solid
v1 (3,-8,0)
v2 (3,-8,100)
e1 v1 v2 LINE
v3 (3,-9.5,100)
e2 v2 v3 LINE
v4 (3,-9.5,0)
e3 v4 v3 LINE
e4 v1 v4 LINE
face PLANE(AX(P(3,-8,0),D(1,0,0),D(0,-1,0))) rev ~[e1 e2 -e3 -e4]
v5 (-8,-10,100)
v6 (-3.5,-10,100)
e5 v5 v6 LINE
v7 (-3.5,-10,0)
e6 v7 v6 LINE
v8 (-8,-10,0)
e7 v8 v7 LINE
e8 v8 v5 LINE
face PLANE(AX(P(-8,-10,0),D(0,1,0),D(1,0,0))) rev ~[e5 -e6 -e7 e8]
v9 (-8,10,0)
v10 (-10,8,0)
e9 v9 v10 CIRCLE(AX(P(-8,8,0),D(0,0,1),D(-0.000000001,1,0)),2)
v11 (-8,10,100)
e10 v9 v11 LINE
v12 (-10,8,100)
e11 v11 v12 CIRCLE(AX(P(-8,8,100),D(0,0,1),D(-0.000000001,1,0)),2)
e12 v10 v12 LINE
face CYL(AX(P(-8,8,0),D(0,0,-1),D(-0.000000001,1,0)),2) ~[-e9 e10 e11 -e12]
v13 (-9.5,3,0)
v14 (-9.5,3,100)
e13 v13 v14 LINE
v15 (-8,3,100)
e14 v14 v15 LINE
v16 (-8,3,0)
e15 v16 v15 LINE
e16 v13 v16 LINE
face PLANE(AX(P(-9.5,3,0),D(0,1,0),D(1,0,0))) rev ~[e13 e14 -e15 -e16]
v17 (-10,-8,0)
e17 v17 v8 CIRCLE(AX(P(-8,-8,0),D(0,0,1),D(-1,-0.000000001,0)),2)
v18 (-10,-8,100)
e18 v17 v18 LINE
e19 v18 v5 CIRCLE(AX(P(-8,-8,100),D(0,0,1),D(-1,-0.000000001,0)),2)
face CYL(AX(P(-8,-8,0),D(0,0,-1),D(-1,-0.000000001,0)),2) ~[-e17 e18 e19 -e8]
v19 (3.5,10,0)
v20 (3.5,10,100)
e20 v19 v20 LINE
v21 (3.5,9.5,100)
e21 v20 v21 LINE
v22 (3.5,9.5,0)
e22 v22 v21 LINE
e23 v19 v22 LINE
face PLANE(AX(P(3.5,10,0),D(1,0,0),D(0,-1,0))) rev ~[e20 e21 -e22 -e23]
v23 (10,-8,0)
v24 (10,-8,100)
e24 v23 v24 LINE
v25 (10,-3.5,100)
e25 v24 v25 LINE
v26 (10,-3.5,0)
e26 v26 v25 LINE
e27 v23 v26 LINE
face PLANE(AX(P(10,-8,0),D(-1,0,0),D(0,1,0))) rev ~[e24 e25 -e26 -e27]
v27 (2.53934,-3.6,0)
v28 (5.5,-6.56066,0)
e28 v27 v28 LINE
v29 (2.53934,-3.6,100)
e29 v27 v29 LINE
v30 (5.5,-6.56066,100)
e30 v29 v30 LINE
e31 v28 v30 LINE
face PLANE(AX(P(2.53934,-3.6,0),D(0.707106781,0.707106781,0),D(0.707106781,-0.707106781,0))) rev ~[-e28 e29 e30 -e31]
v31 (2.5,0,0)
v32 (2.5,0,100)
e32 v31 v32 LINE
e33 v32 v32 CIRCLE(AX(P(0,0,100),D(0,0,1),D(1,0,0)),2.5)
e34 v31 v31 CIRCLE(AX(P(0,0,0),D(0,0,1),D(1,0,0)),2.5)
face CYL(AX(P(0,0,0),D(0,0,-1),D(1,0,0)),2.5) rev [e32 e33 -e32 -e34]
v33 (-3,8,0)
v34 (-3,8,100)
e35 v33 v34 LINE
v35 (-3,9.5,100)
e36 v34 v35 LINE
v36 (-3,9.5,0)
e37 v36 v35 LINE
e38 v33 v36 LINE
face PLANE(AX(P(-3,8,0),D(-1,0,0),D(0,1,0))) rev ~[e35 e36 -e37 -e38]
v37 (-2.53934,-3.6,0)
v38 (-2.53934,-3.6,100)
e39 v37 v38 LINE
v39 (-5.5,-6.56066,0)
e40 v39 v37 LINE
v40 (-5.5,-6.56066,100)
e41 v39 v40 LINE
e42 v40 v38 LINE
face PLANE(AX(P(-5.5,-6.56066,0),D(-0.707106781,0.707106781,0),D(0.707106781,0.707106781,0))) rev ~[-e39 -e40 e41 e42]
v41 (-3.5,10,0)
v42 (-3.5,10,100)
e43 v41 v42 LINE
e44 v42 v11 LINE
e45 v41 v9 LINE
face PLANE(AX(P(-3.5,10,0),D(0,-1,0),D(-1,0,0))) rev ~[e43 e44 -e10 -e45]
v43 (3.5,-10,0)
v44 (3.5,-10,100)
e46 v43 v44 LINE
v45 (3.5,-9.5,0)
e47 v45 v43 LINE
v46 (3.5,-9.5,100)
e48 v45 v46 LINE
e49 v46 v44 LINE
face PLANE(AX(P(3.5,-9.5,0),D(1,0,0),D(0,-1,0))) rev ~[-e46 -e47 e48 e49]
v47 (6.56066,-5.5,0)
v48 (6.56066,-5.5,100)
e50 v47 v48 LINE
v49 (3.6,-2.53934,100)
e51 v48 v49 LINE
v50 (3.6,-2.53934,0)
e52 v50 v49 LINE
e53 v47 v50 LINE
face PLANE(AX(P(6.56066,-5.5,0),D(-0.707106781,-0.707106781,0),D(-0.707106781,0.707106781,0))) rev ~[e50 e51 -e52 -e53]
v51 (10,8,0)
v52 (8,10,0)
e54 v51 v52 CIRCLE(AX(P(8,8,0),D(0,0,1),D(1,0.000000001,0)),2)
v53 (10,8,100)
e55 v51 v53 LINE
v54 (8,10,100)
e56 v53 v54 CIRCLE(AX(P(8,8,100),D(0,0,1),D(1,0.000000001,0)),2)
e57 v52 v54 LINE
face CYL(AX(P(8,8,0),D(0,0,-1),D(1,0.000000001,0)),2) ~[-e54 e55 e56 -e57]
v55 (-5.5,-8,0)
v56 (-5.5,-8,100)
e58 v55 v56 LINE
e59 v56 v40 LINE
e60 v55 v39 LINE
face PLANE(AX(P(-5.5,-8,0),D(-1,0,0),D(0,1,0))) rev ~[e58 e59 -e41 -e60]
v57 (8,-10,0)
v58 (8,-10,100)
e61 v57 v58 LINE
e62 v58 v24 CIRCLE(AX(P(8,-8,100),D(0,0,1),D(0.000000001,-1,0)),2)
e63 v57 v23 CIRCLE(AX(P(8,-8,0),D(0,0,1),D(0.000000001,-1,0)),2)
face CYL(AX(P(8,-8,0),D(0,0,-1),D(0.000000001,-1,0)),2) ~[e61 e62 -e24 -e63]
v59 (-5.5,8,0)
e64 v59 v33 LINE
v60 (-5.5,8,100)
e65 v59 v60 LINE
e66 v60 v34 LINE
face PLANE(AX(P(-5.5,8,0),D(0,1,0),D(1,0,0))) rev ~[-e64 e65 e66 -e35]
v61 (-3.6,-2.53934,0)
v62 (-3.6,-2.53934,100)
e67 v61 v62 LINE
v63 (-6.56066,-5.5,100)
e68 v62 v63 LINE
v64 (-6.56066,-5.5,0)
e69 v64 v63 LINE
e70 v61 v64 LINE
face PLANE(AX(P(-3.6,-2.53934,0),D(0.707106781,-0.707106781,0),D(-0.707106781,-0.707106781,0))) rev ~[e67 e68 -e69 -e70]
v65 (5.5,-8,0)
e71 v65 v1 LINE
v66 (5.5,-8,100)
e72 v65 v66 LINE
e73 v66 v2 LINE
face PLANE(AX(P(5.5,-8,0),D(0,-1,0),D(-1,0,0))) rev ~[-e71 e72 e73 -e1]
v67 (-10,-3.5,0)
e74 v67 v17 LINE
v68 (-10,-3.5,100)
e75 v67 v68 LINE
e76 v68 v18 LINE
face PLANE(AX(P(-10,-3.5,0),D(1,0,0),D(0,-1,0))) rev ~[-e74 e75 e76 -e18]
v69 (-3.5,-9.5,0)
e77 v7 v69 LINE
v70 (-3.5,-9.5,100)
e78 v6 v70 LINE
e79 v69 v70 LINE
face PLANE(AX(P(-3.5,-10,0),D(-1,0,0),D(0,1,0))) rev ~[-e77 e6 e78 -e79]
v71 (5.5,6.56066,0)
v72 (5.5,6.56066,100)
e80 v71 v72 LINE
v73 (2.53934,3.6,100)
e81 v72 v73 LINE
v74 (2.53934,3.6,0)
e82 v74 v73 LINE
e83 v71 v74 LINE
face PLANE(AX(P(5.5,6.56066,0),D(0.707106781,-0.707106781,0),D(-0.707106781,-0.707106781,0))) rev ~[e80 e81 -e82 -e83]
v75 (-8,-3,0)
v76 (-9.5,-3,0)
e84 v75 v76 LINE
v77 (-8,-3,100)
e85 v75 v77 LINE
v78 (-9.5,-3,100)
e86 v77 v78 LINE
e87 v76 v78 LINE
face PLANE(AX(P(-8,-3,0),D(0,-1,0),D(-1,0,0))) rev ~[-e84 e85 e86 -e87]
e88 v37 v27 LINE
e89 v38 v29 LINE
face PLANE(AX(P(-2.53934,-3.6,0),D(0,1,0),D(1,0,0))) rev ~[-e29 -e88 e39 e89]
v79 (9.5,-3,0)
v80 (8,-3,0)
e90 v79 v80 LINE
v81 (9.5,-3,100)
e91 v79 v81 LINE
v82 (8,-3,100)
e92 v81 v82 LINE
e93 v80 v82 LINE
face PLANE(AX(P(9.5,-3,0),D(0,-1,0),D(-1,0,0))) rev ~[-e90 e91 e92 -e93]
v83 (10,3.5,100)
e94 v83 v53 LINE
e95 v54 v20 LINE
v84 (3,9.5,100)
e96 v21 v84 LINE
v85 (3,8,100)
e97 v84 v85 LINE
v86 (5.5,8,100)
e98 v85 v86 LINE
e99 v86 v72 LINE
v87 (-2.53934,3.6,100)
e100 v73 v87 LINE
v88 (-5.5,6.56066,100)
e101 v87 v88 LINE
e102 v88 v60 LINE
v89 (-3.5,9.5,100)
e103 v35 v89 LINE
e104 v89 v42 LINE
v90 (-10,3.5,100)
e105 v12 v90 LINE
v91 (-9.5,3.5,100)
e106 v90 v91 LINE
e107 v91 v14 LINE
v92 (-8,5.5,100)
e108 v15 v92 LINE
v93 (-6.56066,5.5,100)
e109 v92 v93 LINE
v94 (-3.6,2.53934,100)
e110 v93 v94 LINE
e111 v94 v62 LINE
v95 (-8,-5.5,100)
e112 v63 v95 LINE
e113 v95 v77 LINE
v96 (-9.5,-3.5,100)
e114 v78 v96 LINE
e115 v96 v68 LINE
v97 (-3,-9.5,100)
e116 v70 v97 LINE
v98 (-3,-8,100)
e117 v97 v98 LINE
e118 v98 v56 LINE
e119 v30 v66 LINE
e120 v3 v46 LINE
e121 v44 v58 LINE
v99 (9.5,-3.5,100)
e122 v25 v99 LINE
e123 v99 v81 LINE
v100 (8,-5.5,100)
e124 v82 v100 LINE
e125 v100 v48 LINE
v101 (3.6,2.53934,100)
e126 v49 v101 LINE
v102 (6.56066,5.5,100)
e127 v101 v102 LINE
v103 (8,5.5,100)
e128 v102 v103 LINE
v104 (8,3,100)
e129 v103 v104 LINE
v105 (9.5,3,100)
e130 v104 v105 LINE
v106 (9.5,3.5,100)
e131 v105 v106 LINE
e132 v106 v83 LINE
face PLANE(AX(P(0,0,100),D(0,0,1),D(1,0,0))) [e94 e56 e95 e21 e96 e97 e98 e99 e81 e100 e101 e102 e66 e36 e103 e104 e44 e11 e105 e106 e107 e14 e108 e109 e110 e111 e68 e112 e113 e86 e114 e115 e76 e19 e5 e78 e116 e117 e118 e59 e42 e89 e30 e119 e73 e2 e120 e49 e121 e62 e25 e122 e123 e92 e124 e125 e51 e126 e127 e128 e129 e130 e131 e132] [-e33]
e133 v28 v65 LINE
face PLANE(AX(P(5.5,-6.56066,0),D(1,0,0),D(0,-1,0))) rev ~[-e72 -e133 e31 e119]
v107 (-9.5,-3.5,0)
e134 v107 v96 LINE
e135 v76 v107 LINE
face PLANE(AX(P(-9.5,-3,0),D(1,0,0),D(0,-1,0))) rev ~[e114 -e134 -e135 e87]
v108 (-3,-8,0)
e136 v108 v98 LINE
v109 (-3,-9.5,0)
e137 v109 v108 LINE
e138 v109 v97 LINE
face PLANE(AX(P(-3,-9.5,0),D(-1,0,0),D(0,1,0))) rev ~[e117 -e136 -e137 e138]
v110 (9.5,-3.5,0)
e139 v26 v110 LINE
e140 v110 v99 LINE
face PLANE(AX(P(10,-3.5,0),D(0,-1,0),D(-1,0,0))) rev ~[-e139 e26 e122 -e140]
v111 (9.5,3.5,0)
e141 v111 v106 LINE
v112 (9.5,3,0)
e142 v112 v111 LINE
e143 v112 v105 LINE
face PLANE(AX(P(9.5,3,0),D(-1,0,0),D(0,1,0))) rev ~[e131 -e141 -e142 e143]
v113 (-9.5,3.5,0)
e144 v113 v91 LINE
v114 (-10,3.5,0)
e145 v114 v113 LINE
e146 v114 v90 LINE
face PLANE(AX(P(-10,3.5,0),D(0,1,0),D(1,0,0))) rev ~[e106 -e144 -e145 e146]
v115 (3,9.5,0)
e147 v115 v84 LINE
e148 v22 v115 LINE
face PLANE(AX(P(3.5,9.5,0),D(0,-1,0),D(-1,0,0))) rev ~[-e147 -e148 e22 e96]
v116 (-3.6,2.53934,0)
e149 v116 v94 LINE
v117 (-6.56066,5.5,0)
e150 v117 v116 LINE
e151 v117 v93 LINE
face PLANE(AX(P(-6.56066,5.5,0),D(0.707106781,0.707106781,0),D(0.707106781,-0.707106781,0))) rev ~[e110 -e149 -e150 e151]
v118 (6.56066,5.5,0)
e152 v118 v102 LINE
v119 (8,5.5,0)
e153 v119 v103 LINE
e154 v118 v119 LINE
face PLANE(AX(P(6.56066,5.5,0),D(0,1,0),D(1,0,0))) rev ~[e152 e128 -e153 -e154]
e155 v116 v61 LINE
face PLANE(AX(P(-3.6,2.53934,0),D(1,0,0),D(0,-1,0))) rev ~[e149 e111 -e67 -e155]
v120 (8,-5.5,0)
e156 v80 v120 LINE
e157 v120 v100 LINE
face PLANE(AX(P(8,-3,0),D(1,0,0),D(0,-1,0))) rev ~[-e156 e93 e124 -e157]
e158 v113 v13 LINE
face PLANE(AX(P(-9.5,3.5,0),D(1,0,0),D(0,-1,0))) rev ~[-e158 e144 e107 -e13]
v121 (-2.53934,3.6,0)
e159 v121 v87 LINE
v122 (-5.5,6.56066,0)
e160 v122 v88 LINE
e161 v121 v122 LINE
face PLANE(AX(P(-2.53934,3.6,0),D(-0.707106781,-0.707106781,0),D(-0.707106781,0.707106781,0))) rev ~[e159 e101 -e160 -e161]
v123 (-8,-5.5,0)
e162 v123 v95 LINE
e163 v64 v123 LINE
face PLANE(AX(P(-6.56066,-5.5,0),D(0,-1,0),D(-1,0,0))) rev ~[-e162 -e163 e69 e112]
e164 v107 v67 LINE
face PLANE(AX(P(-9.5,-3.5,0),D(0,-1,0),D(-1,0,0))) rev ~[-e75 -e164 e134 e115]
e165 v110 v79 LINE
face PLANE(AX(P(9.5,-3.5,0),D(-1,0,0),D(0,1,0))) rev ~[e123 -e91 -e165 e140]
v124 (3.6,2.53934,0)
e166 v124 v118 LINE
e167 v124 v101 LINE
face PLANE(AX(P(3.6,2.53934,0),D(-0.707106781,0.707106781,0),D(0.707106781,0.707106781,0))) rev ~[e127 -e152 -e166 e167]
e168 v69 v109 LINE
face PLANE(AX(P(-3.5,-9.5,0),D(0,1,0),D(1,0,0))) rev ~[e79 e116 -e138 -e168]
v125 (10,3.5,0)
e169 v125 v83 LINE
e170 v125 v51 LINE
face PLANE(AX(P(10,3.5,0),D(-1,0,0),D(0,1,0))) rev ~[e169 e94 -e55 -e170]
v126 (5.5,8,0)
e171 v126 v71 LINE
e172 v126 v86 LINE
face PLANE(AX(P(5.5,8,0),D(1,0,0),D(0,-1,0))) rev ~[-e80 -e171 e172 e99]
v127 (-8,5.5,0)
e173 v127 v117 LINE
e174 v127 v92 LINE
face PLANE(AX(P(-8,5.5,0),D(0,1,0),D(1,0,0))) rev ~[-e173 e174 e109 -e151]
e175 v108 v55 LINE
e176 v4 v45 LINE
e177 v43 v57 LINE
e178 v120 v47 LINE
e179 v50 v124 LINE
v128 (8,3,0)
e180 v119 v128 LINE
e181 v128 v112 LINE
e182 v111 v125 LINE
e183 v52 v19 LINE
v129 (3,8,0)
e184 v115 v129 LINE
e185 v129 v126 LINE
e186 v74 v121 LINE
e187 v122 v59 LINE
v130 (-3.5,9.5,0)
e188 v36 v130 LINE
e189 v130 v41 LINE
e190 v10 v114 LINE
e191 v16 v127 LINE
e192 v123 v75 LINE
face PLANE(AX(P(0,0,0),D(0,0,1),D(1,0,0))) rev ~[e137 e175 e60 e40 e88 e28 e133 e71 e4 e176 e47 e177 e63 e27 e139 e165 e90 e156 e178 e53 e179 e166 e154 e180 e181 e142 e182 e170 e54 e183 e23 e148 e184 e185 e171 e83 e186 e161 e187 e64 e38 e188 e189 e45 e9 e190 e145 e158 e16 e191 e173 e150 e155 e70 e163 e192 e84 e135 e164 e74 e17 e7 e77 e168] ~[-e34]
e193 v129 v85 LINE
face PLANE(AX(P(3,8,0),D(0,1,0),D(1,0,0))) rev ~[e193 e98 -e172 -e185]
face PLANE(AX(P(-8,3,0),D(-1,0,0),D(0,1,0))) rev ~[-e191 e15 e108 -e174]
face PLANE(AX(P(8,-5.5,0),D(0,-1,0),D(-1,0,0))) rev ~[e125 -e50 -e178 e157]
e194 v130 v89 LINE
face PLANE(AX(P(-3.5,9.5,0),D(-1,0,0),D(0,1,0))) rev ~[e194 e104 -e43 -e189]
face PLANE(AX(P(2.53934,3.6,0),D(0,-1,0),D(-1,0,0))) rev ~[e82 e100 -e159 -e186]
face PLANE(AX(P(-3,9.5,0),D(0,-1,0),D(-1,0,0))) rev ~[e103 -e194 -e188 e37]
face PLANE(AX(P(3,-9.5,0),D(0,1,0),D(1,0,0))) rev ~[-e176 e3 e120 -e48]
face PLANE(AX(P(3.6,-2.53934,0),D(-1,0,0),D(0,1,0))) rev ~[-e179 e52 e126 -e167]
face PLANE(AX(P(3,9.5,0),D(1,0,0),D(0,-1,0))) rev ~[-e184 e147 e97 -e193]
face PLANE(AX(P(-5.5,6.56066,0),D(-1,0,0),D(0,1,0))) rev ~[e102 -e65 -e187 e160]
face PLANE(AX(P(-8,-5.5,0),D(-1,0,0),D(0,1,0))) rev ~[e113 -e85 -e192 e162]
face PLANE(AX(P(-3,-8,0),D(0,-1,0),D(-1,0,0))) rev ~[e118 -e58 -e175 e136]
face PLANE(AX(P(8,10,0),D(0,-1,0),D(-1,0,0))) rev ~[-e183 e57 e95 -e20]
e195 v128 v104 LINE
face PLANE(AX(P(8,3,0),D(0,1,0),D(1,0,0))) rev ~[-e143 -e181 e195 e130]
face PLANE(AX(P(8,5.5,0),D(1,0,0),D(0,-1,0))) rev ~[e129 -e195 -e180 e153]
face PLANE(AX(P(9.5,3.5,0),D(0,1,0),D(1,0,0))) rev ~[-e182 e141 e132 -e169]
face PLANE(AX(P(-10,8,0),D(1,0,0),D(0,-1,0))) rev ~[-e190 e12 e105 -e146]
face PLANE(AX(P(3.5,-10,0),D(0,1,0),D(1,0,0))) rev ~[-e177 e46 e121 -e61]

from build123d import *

# Parameters (mm, degrees)
SKETCH1_R           = 2.5
BOSS_EXTRUDE1_DEPTH = 100


with BuildPart() as part:
    # Sketch1 → Boss-Extrude1 (new body)
    with BuildSketch(Plane.XY):
        with BuildLine():
            Line((8, -3), (8, -5.5))
            Line((8, -5.5), (6.560660172, -5.5))
            Line((6.560660172, -5.5), (3.6, -2.539339828))
            Line((3.6, -2.539339828), (3.6, 2.539339828))
            Line((3.6, 2.539339828), (6.560660172, 5.5))
            Line((6.560660172, 5.5), (8, 5.5))
            Line((8, 5.5), (8, 3))
            Line((8, 3), (9.5, 3))
            Line((9.5, 3), (9.5, 3.5))
            Line((9.5, 3.5), (10, 3.5))
            Line((10, 3.5), (10, 8))
            ThreePointArc((10, 8), (9.414213562, 9.414213562), (8, 10))
            Line((8, 10), (3.5, 10))
            Line((3.5, 10), (3.5, 9.5))
            Line((3.5, 9.5), (3, 9.5))
            Line((3, 9.5), (3, 8))
            Line((3, 8), (5.5, 8))
            Line((5.5, 8), (5.5, 6.560660172))
            Line((5.5, 6.560660172), (2.539339828, 3.6))
            Line((2.539339828, 3.6), (-2.539339828, 3.6))
            Line((-2.539339828, 3.6), (-5.5, 6.560660172))
            Line((-5.5, 6.560660172), (-5.5, 8))
            Line((-5.5, 8), (-3, 8))
            Line((-3, 8), (-3, 9.5))
            Line((-3, 9.5), (-3.5, 9.5))
            Line((-3.5, 9.5), (-3.5, 10))
            Line((-3.5, 10), (-8, 10))
            ThreePointArc((-8, 10), (-9.414213562, 9.414213562), (-10, 8))
            Line((-10, 8), (-10, 3.5))
            Line((-10, 3.5), (-9.5, 3.5))
            Line((-9.5, 3.5), (-9.5, 3))
            Line((-9.5, 3), (-8, 3))
            Line((-8, 3), (-8, 5.5))
            Line((-8, 5.5), (-6.560660172, 5.5))
            Line((-6.560660172, 5.5), (-3.6, 2.539339828))
            Line((-3.6, 2.539339828), (-3.6, -2.539339828))
            Line((-3.6, -2.539339828), (-6.560660172, -5.5))
            Line((-6.560660172, -5.5), (-8, -5.5))
            Line((-8, -5.5), (-8, -3))
            Line((-8, -3), (-9.5, -3))
            Line((-9.5, -3), (-9.5, -3.5))
            Line((-9.5, -3.5), (-10, -3.5))
            Line((-10, -3.5), (-10, -8))
            ThreePointArc((-10, -8), (-9.414213562, -9.414213562), (-8, -10))
            Line((-8, -10), (-3.5, -10))
            Line((-3.5, -10), (-3.5, -9.5))
            Line((-3.5, -9.5), (-3, -9.5))
            Line((-3, -9.5), (-3, -8))
            Line((-3, -8), (-5.5, -8))
            Line((-5.5, -8), (-5.5, -6.560660172))
            Line((-5.5, -6.560660172), (-2.539339828, -3.6))
            Line((-2.539339828, -3.6), (2.539339828, -3.6))
            Line((2.539339828, -3.6), (5.5, -6.560660172))
            Line((5.5, -6.560660172), (5.5, -8))
            Line((5.5, -8), (3, -8))
            Line((3, -8), (3, -9.5))
            Line((3, -9.5), (3.5, -9.5))
            Line((3.5, -9.5), (3.5, -10))
            Line((3.5, -10), (8, -10))
            ThreePointArc((8, -10), (9.414213562, -9.414213562), (10, -8))
            Line((10, -8), (10, -3.5))
            Line((10, -3.5), (9.5, -3.5))
            Line((9.5, -3.5), (9.5, -3))
            Line((9.5, -3), (8, -3))
        make_face()
        Circle(SKETCH1_R, mode=Mode.SUBTRACT)
    extrude(amount=BOSS_EXTRUDE1_DEPTH)


solid = part.part
